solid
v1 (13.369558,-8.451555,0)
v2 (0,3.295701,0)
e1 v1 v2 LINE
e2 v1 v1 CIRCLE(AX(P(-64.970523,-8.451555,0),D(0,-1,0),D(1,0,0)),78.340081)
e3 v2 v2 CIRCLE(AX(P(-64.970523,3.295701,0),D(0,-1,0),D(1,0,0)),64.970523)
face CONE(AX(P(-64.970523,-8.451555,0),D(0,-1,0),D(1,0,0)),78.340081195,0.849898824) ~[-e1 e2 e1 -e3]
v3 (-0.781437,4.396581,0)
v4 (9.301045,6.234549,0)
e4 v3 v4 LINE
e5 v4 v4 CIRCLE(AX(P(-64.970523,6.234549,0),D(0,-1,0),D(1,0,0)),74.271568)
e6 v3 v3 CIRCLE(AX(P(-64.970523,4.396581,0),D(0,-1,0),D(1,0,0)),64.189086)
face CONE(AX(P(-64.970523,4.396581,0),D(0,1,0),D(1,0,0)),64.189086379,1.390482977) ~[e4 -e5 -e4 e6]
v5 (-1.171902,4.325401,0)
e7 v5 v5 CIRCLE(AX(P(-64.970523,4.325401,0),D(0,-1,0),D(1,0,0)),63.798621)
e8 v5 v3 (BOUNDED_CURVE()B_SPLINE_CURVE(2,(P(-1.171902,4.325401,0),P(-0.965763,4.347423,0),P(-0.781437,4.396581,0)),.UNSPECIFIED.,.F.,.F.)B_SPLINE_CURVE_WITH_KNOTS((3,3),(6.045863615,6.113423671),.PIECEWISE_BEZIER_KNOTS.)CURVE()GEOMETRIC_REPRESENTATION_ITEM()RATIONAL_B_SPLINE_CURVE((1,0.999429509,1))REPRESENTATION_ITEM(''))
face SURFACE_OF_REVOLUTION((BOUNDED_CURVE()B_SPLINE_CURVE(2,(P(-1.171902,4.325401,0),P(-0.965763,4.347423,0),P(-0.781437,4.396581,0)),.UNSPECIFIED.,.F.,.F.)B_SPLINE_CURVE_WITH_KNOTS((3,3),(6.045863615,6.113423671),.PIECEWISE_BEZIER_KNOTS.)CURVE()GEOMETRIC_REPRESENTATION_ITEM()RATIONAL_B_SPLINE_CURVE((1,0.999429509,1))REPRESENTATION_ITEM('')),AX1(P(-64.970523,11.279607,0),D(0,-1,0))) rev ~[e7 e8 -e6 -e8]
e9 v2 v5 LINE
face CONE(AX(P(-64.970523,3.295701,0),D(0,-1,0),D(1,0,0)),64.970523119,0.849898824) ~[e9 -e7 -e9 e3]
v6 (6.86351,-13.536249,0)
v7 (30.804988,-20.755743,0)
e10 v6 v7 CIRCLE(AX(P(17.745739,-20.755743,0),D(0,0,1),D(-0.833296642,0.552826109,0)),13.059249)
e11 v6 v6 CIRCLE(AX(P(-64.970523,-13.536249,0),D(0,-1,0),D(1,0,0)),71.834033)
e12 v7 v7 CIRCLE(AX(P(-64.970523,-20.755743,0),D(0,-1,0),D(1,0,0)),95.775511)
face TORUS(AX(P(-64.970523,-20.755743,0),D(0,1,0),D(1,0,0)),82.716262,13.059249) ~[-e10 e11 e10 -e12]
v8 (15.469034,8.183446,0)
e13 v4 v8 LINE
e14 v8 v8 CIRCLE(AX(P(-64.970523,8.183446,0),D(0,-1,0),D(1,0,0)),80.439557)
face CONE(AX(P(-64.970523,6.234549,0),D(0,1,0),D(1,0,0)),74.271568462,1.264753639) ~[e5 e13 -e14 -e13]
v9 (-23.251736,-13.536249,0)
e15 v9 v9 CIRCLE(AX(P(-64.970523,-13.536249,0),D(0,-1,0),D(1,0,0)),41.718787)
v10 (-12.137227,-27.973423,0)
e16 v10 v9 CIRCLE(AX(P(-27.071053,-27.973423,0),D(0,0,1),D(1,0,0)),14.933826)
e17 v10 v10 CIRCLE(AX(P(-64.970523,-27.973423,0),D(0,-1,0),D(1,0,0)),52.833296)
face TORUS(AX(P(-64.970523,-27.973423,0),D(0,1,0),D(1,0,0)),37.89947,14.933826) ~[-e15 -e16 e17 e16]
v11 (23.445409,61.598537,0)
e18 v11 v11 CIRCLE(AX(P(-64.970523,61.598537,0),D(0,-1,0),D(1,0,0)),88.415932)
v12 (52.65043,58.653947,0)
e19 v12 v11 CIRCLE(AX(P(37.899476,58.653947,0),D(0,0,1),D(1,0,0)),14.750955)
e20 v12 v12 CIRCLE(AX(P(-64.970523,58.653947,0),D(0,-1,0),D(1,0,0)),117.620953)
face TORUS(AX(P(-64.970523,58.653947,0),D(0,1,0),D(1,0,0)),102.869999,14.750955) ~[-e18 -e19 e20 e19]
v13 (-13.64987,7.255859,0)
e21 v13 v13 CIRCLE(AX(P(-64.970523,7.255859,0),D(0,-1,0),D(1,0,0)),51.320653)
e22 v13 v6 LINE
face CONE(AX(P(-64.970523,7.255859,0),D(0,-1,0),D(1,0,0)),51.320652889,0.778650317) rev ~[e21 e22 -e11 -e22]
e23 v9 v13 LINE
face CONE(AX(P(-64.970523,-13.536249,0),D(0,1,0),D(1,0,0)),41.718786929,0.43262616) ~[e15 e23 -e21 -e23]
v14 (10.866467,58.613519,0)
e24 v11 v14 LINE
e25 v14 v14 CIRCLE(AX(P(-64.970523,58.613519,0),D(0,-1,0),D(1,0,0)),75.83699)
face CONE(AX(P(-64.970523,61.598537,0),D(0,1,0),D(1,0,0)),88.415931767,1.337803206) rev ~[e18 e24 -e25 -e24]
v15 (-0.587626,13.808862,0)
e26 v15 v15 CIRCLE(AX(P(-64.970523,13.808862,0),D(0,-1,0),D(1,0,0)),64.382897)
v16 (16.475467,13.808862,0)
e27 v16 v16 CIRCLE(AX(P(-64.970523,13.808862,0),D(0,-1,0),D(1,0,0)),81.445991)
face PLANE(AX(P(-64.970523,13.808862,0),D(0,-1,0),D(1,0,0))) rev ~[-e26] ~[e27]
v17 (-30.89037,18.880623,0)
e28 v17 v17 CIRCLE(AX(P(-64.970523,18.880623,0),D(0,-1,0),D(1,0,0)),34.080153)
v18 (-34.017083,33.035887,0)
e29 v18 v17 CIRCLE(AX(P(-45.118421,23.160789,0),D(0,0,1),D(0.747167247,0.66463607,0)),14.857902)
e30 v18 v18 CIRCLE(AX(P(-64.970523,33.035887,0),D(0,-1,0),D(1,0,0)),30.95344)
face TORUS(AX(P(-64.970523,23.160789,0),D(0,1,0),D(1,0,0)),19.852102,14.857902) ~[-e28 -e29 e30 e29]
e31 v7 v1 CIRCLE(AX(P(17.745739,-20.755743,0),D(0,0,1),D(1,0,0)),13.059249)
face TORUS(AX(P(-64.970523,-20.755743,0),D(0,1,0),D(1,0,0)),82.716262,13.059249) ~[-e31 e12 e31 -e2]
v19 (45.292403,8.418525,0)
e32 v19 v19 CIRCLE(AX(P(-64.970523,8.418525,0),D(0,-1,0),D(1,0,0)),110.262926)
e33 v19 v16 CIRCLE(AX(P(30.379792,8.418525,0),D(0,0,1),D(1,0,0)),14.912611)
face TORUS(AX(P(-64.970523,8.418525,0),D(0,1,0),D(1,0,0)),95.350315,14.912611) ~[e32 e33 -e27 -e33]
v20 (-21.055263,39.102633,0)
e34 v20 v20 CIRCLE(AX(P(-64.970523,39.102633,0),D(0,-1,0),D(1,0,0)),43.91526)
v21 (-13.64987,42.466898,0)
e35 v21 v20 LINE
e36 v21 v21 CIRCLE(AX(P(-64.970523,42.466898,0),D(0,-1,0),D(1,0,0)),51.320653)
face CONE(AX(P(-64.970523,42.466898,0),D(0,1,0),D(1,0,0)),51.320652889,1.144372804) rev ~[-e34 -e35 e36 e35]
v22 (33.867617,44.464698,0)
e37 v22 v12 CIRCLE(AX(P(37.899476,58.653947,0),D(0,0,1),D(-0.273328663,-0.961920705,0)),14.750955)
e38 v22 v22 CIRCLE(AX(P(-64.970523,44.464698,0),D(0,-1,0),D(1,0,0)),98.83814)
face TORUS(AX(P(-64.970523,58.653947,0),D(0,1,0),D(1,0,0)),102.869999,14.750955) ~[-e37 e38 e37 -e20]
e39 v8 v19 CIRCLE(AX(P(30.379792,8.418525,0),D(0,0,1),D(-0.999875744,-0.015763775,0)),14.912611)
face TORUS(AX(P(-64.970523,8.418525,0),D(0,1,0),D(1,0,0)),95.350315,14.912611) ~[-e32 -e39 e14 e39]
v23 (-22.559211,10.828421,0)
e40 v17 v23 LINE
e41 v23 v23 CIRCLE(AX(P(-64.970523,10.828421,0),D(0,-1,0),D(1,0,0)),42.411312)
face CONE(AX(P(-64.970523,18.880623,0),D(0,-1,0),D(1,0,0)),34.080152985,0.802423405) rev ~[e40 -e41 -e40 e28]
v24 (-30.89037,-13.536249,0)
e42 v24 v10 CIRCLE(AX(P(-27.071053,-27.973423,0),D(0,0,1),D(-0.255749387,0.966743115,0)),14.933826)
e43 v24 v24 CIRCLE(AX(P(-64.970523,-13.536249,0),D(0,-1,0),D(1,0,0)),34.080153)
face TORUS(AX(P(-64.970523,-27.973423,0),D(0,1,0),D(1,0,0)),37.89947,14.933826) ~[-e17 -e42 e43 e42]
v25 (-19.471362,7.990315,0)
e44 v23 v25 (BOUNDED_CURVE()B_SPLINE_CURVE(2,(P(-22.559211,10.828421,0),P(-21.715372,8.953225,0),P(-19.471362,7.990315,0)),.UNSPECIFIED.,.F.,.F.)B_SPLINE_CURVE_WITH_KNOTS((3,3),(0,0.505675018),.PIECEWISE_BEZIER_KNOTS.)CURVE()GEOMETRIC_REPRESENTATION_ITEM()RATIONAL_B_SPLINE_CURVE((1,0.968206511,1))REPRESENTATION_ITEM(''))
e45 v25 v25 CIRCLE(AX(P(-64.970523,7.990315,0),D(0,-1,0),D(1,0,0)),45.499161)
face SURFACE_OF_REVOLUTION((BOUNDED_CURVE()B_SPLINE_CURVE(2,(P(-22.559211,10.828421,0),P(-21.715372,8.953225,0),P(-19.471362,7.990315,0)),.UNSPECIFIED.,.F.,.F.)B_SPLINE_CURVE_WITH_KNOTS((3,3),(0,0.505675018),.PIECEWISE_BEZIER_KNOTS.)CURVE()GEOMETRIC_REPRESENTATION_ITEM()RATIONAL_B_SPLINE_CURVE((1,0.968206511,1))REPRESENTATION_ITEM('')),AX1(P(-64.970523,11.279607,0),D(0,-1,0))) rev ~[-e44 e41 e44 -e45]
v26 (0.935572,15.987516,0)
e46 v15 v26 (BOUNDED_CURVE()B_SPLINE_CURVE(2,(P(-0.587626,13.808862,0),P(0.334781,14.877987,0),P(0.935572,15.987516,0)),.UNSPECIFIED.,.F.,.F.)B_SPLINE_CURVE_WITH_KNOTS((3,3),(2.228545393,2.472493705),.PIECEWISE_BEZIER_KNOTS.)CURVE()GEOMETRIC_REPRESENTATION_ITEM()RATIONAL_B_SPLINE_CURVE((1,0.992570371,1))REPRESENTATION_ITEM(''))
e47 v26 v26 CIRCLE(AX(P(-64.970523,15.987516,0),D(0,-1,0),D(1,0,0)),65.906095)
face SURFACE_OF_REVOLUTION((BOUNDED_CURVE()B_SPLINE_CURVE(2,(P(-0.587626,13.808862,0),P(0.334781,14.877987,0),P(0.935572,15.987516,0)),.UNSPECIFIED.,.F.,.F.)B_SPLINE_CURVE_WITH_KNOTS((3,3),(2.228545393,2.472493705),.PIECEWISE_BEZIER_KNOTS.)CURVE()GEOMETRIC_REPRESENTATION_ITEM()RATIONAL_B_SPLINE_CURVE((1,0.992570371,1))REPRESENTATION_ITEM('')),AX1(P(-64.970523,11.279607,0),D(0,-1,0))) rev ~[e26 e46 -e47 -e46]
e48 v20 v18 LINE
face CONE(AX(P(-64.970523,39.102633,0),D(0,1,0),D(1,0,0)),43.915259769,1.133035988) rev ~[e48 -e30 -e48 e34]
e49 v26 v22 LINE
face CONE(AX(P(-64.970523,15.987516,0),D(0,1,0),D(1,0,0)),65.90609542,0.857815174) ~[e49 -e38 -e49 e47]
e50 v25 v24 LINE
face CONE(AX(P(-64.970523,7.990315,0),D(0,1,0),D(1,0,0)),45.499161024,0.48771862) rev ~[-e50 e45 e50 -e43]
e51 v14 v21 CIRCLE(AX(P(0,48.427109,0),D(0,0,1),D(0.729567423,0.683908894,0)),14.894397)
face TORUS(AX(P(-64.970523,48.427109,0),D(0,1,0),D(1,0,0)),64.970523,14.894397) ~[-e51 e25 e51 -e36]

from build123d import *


with BuildPart() as f1:
    # F0 (on Top) → F1 (revolve)
    with BuildSketch(Plane.XY):
        with BuildLine():
            ThreePointArc((-23.2517361901, -13.536248858), (-27.0710531622, -13.0395963116), (-30.8903701344, -13.536248858))
            ThreePointArc((-30.8903701344, -13.536248858), (-36.180997073, -39.8067695156), (-12.1372266932, -27.9734227806))
            ThreePointArc((-12.1372266932, -27.9734227806), (-15.2377064273, -18.8634788699), (-23.2517361901, -13.536248858))
        make_face()
        with BuildLine():
            ThreePointArc((13.3695580763, -8.4515552662), (9.7040791597, -10.4661510245), (6.8635103696, -13.536248858))
            ThreePointArc((6.8635103696, -13.536248858), (13.975443309, -33.2588965886), (30.8049877497, -20.7557426841))
            ThreePointArc((30.8049877497, -20.7557426841), (25.2754914507, -10.0858406706), (13.3695580763, -8.4515552662))
        make_face()
        with BuildLine():
            ThreePointArc((45.2924029314, 8.418525248), (33.1217060845, 23.0768974828), (16.4754674099, 13.8088622919))
            ThreePointArc((16.4754674099, 13.8088622919), (15.7002627988, 11.0448151173), (15.4690336699, 8.1834462032))
            ThreePointArc((15.4690336699, 8.1834462032), (30.4973349836, -6.4936226209), (45.2924029314, 8.418525248))
        make_face()
        with BuildLine():
            add(Edge.make_bspline(
                [(-11.7414096665, 24.3018190816), (-31.1890042705, 39.7215670823), (-19.4713620952, 19.7261186178)],
                knots=[2.0201571546, 2.0201571546, 2.0201571546, 4.1242580263, 4.1242580263, 4.1242580263], degree=2, weights=[1, 0.4957914075, 1]))
            add(Edge.make_bspline(
                [(-19.4713620952, 19.7261186178), (-24.4201583095, 14.9638600008), (-22.5592106581, 10.8284214512)],
                knots=[5.2473724377, 5.2473724377, 5.2473724377, 6.2831853072, 6.2831853072, 6.2831853072], degree=2, weights=[1, 0.8688575281, 1]))
            add(Edge.make_bspline(
                [(-22.5592106581, 10.8284214512), (-21.7153720873, 8.9532249336), (-19.4713620952, 7.9903145842)],
                knots=[0, 0, 0, 0.5056750183, 0.5056750183, 0.5056750183], degree=2, weights=[1, 0.9682065111, 1]))
            add(Edge.make_bspline(
                [(-19.4713620952, 7.9903145842), (-17.0352431522, 6.9449697992), (-13.6498702299, 7.2558590479)],
                knots=[0.5056750183, 0.5056750183, 0.5056750183, 1.0525923777, 1.0525923777, 1.0525923777], degree=2, weights=[1, 0.9628425951, 1]))
            add(Edge.make_bspline(
                [(-13.6498702299, 7.2558590479), (-11.5118059382, 7.4522040936), (-9.313854732, 8.1834462032)],
                knots=[1.0525923777, 1.0525923777, 1.0525923777, 1.403241133, 1.403241133, 1.403241133], degree=2, weights=[1, 0.9846700103, 1]))
            add(Edge.make_bspline(
                [(-9.313854732, 8.1834462032), (-4.0590466954, 4.0169763972), (-1.1719020818, 4.3254013108)],
                knots=[5.1617498082, 5.1617498082, 5.1617498082, 6.0458636154, 6.0458636154, 6.0458636154], degree=2, weights=[1, 0.9038736335, 1]))
            Line((-1.1719020818, 4.3254013108), (-0.7814367398, 4.3965805162))
            add(Edge.make_bspline(
                [(-0.7814367398, 4.3965805162), (2.7627833488, 5.3417902016), (-1.5839023033, 12.759146667)],
                knots=[6.1134236715, 6.1134236715, 6.1134236715, 7.2658506799, 7.2658506799, 7.2658506799], degree=2, weights=[1, 0.8385317389, 1]))
            add(Edge.make_bspline(
                [(-1.5839023033, 12.759146667), (-1.0500992962, 13.2728287546), (-0.5876264537, 13.8088622919)],
                knots=[2.1057797841, 2.1057797841, 2.1057797841, 2.2285453926, 2.2285453926, 2.2285453926], degree=2, weights=[1, 0.9981166671, 1]))
            add(Edge.make_bspline(
                [(-0.5876264537, 13.8088622919), (0.3347807255, 14.8779870871), (0.9355723012, 15.987516469)],
                knots=[2.2285453926, 2.2285453926, 2.2285453926, 2.4724937045, 2.4724937045, 2.4724937045], degree=2, weights=[1, 0.9925703708, 1]))
            add(Edge.make_bspline(
                [(0.9355723012, 15.987516469), (2.9805734272, 19.7641819995), (1.0194876382, 22.4964724895)],
                knots=[2.4724937045, 2.4724937045, 2.4724937045, 3.2630738602, 3.2630738602, 3.2630738602], degree=2, weights=[1, 0.9228849012, 1]))
            add(Edge.make_bspline(
                [(1.0194876382, 22.4964724895), (-2.4863004093, 27.3809254777), (-11.7414096665, 24.3018190816)],
                knots=[3.2630738602, 3.2630738602, 3.2630738602, 4.5448337866, 4.5448337866, 4.5448337866], degree=2, weights=[1, 0.8015699374, 1]))
        make_face()
        with BuildLine():
            ThreePointArc((33.8676168264, 44.4646982737), (29.9579045581, 46.2232545701), (26.7189615682, 49.0317450144))
            Line((26.7189615682, 49.0317450144), (1.0194876382, 22.4964724895))
            add(Edge.make_bspline(
                [(0.9355723012, 15.987516469), (2.9805734272, 19.7641819995), (1.0194876382, 22.4964724895)],
                knots=[2.4724937045, 2.4724937045, 2.4724937045, 3.2630738602, 3.2630738602, 3.2630738602], degree=2, weights=[1, 0.9228849012, 1]))
            Line((0.9355723012, 15.987516469), (33.8676168264, 44.4646982737))
        make_face()
        with BuildLine():
            add(Edge.make_bspline(
                [(-19.4713620952, 7.9903145842), (-17.0352431522, 6.9449697992), (-13.6498702299, 7.2558590479)],
                knots=[0.5056750183, 0.5056750183, 0.5056750183, 1.0525923777, 1.0525923777, 1.0525923777], degree=2, weights=[1, 0.9628425951, 1]))
            Line((-19.4713620952, 7.9903145842), (-30.8903701344, -13.536248858))
            ThreePointArc((-30.8903701344, -13.536248858), (-27.0710531622, -13.0395963116), (-23.2517361901, -13.536248858))
            Line((-23.2517361901, -13.536248858), (-13.6498702299, 7.2558590479))
        make_face()
        with BuildLine():
            ThreePointArc((-30.2605190286, 23.1607891619), (-30.4188251552, 25.3239195539), (-30.8903701344, 27.4409550414))
            ThreePointArc((-30.8903701344, 27.4409550414), (-32.1484442876, 30.4090273111), (-34.0170833726, 33.0358869463))
            ThreePointArc((-34.0170833726, 33.0358869463), (-59.6266038596, 19.9561207433), (-30.8903701344, 18.8806232824))
            ThreePointArc((-30.8903701344, 18.8806232824), (-30.4188251552, 20.9976587699), (-30.2605190286, 23.1607891619))
        make_face()
        with BuildLine():
            ThreePointArc((23.4454086479, 61.5985374837), (23.1860899668, 57.6018309982), (24.0114505378, 53.6826871074))
            ThreePointArc((24.0114505378, 53.6826871074), (25.151309901, 51.2326980215), (26.7189615682, 49.0317450144))
            ThreePointArc((26.7189615682, 49.0317450144), (29.9579045581, 46.2232545701), (33.8676168264, 44.4646982737))
            ThreePointArc((33.8676168264, 44.4646982737), (46.7909573687, 46.8839761016), (52.6504301977, 58.6539469659))
            ThreePointArc((52.6504301977, 58.6539469659), (39.3792352935, 73.3304920042), (23.4454086479, 61.5985374837))
        make_face()
        with BuildLine():
            Line((-30.8903701344, 27.4409550414), (-11.6145260035, 39.1026325524))
            ThreePointArc((-11.6145260035, 39.1026325524), (-12.743704315, 40.7173052027), (-13.6498702299, 42.4668979442))
            Line((-13.6498702299, 42.4668979442), (-21.0552633496, 39.1026325524))
            Line((-21.0552633496, 39.1026325524), (-34.0170833726, 33.0358869463))
            ThreePointArc((-34.0170833726, 33.0358869463), (-32.1484442876, 30.4090273111), (-30.8903701344, 27.4409550414))
        make_face()
        with BuildLine():
            Line((-19.4713620952, 19.7261186178), (-30.8903701344, 27.4409550414))
            ThreePointArc((-30.8903701344, 27.4409550414), (-30.4188251552, 25.3239195539), (-30.2605190286, 23.1607891619))
            ThreePointArc((-30.2605190286, 23.1607891619), (-30.4188251552, 20.9976587699), (-30.8903701344, 18.8806232824))
            Line((-30.8903701344, 18.8806232824), (-22.5592106581, 10.8284214512))
            add(Edge.make_bspline(
                [(-19.4713620952, 19.7261186178), (-24.4201583095, 14.9638600008), (-22.5592106581, 10.8284214512)],
                knots=[5.2473724377, 5.2473724377, 5.2473724377, 6.2831853072, 6.2831853072, 6.2831853072], degree=2, weights=[1, 0.8688575281, 1]))
        make_face()
        with BuildLine():
            ThreePointArc((10.8664670086, 58.613519427), (12.6440998149, 56.2991991931), (13.936354064, 53.6826871074))
            Line((13.936354064, 53.6826871074), (24.0114505378, 53.6826871074))
            ThreePointArc((24.0114505378, 53.6826871074), (23.1860899668, 57.6018309982), (23.4454086479, 61.5985374837))
            Line((23.4454086479, 61.5985374837), (10.8664670086, 58.613519427))
        make_face()
        with BuildLine():
            add(Edge.make_bspline(
                [(-13.6498702299, 7.2558590479), (-11.5118059382, 7.4522040936), (-9.313854732, 8.1834462032)],
                knots=[1.0525923777, 1.0525923777, 1.0525923777, 1.403241133, 1.403241133, 1.403241133], degree=2, weights=[1, 0.9846700103, 1]))
            Line((-13.6498702299, 7.2558590479), (6.8635103696, -13.536248858))
            ThreePointArc((6.8635103696, -13.536248858), (9.7040791597, -10.4661510245), (13.3695580763, -8.4515552662))
            Line((13.3695580763, -8.4515552662), (0, 3.2957012773))
            Line((0, 3.2957012773), (-1.1719020818, 4.3254013108))
            add(Edge.make_bspline(
                [(-9.313854732, 8.1834462032), (-4.0590466954, 4.0169763972), (-1.1719020818, 4.3254013108)],
                knots=[5.1617498082, 5.1617498082, 5.1617498082, 6.0458636154, 6.0458636154, 6.0458636154], degree=2, weights=[1, 0.9038736335, 1]))
        make_face()
        with BuildLine():
            ThreePointArc((13.936354064, 53.6826871074), (14.6529291067, 51.0982016814), (14.8943972437, 48.4271086752))
            ThreePointArc((14.8943972437, 48.4271086752), (4.9422517722, 34.37658496), (-11.6145260035, 39.1026325524))
            Line((-11.6145260035, 39.1026325524), (-30.8903701344, 27.4409550414))
            Line((-30.8903701344, 27.4409550414), (-19.4713620952, 19.7261186178))
            add(Edge.make_bspline(
                [(-11.7414096665, 24.3018190816), (-31.1890042705, 39.7215670823), (-19.4713620952, 19.7261186178)],
                knots=[2.0201571546, 2.0201571546, 2.0201571546, 4.1242580263, 4.1242580263, 4.1242580263], degree=2, weights=[1, 0.4957914075, 1]))
            add(Edge.make_bspline(
                [(1.0194876382, 22.4964724895), (-2.4863004093, 27.3809254777), (-11.7414096665, 24.3018190816)],
                knots=[3.2630738602, 3.2630738602, 3.2630738602, 4.5448337866, 4.5448337866, 4.5448337866], degree=2, weights=[1, 0.8015699374, 1]))
            Line((1.0194876382, 22.4964724895), (26.7189615682, 49.0317450144))
            ThreePointArc((26.7189615682, 49.0317450144), (25.151309901, 51.2326980215), (24.0114505378, 53.6826871074))
            Line((24.0114505378, 53.6826871074), (13.936354064, 53.6826871074))
        make_face()
        with BuildLine():
            Line((16.4754674099, 13.8088622919), (-0.5876264537, 13.8088622919))
            add(Edge.make_bspline(
                [(-1.5839023033, 12.759146667), (-1.0500992962, 13.2728287546), (-0.5876264537, 13.8088622919)],
                knots=[2.1057797841, 2.1057797841, 2.1057797841, 2.2285453926, 2.2285453926, 2.2285453926], degree=2, weights=[1, 0.9981166671, 1]))
            add(Edge.make_bspline(
                [(-0.7814367398, 4.3965805162), (2.7627833488, 5.3417902016), (-1.5839023033, 12.759146667)],
                knots=[6.1134236715, 6.1134236715, 6.1134236715, 7.2658506799, 7.2658506799, 7.2658506799], degree=2, weights=[1, 0.8385317389, 1]))
            Line((-0.7814367398, 4.3965805162), (9.301045343, 6.2345491815))
            Line((9.301045343, 6.2345491815), (15.4690336699, 8.1834462032))
            ThreePointArc((15.4690336699, 8.1834462032), (15.7002627988, 11.0448151173), (16.4754674099, 13.8088622919))
        make_face()
        with BuildLine():
            ThreePointArc((-11.6145260035, 39.1026325524), (4.9422517722, 34.37658496), (14.8943972437, 48.4271086752))
            ThreePointArc((14.8943972437, 48.4271086752), (14.6529291067, 51.0982016814), (13.936354064, 53.6826871074))
            ThreePointArc((13.936354064, 53.6826871074), (12.6440998149, 56.2991991931), (10.8664670086, 58.613519427))
            ThreePointArc((10.8664670086, 58.613519427), (-8.1923854707, 60.8660752542), (-13.6498702299, 42.4668979442))
            Line((-13.6498702299, 42.4668979442), (-11.6145260035, 39.1026325524))
        make_face()
        with BuildLine():
            add(Edge.make_bspline(
                [(-1.1719020818, 4.3254013108), (-0.9657626037, 4.3474225668), (-0.7814367398, 4.3965805162)],
                knots=[6.0458636154, 6.0458636154, 6.0458636154, 6.1134236715, 6.1134236715, 6.1134236715], degree=2, weights=[1, 0.9994295091, 1]))
            Line((-0.7814367398, 4.3965805162), (-1.1719020818, 4.3254013108))
        make_face()
        with BuildLine():
            ThreePointArc((-13.6498702299, 42.4668979442), (-12.743704315, 40.7173052027), (-11.6145260035, 39.1026325524))
            Line((-11.6145260035, 39.1026325524), (-13.6498702299, 42.4668979442))
        make_face()
    revolve(axis=Axis((-64.970523119, 11.2796071917, 0), (0, -1, 0)))


solid = f1.part
